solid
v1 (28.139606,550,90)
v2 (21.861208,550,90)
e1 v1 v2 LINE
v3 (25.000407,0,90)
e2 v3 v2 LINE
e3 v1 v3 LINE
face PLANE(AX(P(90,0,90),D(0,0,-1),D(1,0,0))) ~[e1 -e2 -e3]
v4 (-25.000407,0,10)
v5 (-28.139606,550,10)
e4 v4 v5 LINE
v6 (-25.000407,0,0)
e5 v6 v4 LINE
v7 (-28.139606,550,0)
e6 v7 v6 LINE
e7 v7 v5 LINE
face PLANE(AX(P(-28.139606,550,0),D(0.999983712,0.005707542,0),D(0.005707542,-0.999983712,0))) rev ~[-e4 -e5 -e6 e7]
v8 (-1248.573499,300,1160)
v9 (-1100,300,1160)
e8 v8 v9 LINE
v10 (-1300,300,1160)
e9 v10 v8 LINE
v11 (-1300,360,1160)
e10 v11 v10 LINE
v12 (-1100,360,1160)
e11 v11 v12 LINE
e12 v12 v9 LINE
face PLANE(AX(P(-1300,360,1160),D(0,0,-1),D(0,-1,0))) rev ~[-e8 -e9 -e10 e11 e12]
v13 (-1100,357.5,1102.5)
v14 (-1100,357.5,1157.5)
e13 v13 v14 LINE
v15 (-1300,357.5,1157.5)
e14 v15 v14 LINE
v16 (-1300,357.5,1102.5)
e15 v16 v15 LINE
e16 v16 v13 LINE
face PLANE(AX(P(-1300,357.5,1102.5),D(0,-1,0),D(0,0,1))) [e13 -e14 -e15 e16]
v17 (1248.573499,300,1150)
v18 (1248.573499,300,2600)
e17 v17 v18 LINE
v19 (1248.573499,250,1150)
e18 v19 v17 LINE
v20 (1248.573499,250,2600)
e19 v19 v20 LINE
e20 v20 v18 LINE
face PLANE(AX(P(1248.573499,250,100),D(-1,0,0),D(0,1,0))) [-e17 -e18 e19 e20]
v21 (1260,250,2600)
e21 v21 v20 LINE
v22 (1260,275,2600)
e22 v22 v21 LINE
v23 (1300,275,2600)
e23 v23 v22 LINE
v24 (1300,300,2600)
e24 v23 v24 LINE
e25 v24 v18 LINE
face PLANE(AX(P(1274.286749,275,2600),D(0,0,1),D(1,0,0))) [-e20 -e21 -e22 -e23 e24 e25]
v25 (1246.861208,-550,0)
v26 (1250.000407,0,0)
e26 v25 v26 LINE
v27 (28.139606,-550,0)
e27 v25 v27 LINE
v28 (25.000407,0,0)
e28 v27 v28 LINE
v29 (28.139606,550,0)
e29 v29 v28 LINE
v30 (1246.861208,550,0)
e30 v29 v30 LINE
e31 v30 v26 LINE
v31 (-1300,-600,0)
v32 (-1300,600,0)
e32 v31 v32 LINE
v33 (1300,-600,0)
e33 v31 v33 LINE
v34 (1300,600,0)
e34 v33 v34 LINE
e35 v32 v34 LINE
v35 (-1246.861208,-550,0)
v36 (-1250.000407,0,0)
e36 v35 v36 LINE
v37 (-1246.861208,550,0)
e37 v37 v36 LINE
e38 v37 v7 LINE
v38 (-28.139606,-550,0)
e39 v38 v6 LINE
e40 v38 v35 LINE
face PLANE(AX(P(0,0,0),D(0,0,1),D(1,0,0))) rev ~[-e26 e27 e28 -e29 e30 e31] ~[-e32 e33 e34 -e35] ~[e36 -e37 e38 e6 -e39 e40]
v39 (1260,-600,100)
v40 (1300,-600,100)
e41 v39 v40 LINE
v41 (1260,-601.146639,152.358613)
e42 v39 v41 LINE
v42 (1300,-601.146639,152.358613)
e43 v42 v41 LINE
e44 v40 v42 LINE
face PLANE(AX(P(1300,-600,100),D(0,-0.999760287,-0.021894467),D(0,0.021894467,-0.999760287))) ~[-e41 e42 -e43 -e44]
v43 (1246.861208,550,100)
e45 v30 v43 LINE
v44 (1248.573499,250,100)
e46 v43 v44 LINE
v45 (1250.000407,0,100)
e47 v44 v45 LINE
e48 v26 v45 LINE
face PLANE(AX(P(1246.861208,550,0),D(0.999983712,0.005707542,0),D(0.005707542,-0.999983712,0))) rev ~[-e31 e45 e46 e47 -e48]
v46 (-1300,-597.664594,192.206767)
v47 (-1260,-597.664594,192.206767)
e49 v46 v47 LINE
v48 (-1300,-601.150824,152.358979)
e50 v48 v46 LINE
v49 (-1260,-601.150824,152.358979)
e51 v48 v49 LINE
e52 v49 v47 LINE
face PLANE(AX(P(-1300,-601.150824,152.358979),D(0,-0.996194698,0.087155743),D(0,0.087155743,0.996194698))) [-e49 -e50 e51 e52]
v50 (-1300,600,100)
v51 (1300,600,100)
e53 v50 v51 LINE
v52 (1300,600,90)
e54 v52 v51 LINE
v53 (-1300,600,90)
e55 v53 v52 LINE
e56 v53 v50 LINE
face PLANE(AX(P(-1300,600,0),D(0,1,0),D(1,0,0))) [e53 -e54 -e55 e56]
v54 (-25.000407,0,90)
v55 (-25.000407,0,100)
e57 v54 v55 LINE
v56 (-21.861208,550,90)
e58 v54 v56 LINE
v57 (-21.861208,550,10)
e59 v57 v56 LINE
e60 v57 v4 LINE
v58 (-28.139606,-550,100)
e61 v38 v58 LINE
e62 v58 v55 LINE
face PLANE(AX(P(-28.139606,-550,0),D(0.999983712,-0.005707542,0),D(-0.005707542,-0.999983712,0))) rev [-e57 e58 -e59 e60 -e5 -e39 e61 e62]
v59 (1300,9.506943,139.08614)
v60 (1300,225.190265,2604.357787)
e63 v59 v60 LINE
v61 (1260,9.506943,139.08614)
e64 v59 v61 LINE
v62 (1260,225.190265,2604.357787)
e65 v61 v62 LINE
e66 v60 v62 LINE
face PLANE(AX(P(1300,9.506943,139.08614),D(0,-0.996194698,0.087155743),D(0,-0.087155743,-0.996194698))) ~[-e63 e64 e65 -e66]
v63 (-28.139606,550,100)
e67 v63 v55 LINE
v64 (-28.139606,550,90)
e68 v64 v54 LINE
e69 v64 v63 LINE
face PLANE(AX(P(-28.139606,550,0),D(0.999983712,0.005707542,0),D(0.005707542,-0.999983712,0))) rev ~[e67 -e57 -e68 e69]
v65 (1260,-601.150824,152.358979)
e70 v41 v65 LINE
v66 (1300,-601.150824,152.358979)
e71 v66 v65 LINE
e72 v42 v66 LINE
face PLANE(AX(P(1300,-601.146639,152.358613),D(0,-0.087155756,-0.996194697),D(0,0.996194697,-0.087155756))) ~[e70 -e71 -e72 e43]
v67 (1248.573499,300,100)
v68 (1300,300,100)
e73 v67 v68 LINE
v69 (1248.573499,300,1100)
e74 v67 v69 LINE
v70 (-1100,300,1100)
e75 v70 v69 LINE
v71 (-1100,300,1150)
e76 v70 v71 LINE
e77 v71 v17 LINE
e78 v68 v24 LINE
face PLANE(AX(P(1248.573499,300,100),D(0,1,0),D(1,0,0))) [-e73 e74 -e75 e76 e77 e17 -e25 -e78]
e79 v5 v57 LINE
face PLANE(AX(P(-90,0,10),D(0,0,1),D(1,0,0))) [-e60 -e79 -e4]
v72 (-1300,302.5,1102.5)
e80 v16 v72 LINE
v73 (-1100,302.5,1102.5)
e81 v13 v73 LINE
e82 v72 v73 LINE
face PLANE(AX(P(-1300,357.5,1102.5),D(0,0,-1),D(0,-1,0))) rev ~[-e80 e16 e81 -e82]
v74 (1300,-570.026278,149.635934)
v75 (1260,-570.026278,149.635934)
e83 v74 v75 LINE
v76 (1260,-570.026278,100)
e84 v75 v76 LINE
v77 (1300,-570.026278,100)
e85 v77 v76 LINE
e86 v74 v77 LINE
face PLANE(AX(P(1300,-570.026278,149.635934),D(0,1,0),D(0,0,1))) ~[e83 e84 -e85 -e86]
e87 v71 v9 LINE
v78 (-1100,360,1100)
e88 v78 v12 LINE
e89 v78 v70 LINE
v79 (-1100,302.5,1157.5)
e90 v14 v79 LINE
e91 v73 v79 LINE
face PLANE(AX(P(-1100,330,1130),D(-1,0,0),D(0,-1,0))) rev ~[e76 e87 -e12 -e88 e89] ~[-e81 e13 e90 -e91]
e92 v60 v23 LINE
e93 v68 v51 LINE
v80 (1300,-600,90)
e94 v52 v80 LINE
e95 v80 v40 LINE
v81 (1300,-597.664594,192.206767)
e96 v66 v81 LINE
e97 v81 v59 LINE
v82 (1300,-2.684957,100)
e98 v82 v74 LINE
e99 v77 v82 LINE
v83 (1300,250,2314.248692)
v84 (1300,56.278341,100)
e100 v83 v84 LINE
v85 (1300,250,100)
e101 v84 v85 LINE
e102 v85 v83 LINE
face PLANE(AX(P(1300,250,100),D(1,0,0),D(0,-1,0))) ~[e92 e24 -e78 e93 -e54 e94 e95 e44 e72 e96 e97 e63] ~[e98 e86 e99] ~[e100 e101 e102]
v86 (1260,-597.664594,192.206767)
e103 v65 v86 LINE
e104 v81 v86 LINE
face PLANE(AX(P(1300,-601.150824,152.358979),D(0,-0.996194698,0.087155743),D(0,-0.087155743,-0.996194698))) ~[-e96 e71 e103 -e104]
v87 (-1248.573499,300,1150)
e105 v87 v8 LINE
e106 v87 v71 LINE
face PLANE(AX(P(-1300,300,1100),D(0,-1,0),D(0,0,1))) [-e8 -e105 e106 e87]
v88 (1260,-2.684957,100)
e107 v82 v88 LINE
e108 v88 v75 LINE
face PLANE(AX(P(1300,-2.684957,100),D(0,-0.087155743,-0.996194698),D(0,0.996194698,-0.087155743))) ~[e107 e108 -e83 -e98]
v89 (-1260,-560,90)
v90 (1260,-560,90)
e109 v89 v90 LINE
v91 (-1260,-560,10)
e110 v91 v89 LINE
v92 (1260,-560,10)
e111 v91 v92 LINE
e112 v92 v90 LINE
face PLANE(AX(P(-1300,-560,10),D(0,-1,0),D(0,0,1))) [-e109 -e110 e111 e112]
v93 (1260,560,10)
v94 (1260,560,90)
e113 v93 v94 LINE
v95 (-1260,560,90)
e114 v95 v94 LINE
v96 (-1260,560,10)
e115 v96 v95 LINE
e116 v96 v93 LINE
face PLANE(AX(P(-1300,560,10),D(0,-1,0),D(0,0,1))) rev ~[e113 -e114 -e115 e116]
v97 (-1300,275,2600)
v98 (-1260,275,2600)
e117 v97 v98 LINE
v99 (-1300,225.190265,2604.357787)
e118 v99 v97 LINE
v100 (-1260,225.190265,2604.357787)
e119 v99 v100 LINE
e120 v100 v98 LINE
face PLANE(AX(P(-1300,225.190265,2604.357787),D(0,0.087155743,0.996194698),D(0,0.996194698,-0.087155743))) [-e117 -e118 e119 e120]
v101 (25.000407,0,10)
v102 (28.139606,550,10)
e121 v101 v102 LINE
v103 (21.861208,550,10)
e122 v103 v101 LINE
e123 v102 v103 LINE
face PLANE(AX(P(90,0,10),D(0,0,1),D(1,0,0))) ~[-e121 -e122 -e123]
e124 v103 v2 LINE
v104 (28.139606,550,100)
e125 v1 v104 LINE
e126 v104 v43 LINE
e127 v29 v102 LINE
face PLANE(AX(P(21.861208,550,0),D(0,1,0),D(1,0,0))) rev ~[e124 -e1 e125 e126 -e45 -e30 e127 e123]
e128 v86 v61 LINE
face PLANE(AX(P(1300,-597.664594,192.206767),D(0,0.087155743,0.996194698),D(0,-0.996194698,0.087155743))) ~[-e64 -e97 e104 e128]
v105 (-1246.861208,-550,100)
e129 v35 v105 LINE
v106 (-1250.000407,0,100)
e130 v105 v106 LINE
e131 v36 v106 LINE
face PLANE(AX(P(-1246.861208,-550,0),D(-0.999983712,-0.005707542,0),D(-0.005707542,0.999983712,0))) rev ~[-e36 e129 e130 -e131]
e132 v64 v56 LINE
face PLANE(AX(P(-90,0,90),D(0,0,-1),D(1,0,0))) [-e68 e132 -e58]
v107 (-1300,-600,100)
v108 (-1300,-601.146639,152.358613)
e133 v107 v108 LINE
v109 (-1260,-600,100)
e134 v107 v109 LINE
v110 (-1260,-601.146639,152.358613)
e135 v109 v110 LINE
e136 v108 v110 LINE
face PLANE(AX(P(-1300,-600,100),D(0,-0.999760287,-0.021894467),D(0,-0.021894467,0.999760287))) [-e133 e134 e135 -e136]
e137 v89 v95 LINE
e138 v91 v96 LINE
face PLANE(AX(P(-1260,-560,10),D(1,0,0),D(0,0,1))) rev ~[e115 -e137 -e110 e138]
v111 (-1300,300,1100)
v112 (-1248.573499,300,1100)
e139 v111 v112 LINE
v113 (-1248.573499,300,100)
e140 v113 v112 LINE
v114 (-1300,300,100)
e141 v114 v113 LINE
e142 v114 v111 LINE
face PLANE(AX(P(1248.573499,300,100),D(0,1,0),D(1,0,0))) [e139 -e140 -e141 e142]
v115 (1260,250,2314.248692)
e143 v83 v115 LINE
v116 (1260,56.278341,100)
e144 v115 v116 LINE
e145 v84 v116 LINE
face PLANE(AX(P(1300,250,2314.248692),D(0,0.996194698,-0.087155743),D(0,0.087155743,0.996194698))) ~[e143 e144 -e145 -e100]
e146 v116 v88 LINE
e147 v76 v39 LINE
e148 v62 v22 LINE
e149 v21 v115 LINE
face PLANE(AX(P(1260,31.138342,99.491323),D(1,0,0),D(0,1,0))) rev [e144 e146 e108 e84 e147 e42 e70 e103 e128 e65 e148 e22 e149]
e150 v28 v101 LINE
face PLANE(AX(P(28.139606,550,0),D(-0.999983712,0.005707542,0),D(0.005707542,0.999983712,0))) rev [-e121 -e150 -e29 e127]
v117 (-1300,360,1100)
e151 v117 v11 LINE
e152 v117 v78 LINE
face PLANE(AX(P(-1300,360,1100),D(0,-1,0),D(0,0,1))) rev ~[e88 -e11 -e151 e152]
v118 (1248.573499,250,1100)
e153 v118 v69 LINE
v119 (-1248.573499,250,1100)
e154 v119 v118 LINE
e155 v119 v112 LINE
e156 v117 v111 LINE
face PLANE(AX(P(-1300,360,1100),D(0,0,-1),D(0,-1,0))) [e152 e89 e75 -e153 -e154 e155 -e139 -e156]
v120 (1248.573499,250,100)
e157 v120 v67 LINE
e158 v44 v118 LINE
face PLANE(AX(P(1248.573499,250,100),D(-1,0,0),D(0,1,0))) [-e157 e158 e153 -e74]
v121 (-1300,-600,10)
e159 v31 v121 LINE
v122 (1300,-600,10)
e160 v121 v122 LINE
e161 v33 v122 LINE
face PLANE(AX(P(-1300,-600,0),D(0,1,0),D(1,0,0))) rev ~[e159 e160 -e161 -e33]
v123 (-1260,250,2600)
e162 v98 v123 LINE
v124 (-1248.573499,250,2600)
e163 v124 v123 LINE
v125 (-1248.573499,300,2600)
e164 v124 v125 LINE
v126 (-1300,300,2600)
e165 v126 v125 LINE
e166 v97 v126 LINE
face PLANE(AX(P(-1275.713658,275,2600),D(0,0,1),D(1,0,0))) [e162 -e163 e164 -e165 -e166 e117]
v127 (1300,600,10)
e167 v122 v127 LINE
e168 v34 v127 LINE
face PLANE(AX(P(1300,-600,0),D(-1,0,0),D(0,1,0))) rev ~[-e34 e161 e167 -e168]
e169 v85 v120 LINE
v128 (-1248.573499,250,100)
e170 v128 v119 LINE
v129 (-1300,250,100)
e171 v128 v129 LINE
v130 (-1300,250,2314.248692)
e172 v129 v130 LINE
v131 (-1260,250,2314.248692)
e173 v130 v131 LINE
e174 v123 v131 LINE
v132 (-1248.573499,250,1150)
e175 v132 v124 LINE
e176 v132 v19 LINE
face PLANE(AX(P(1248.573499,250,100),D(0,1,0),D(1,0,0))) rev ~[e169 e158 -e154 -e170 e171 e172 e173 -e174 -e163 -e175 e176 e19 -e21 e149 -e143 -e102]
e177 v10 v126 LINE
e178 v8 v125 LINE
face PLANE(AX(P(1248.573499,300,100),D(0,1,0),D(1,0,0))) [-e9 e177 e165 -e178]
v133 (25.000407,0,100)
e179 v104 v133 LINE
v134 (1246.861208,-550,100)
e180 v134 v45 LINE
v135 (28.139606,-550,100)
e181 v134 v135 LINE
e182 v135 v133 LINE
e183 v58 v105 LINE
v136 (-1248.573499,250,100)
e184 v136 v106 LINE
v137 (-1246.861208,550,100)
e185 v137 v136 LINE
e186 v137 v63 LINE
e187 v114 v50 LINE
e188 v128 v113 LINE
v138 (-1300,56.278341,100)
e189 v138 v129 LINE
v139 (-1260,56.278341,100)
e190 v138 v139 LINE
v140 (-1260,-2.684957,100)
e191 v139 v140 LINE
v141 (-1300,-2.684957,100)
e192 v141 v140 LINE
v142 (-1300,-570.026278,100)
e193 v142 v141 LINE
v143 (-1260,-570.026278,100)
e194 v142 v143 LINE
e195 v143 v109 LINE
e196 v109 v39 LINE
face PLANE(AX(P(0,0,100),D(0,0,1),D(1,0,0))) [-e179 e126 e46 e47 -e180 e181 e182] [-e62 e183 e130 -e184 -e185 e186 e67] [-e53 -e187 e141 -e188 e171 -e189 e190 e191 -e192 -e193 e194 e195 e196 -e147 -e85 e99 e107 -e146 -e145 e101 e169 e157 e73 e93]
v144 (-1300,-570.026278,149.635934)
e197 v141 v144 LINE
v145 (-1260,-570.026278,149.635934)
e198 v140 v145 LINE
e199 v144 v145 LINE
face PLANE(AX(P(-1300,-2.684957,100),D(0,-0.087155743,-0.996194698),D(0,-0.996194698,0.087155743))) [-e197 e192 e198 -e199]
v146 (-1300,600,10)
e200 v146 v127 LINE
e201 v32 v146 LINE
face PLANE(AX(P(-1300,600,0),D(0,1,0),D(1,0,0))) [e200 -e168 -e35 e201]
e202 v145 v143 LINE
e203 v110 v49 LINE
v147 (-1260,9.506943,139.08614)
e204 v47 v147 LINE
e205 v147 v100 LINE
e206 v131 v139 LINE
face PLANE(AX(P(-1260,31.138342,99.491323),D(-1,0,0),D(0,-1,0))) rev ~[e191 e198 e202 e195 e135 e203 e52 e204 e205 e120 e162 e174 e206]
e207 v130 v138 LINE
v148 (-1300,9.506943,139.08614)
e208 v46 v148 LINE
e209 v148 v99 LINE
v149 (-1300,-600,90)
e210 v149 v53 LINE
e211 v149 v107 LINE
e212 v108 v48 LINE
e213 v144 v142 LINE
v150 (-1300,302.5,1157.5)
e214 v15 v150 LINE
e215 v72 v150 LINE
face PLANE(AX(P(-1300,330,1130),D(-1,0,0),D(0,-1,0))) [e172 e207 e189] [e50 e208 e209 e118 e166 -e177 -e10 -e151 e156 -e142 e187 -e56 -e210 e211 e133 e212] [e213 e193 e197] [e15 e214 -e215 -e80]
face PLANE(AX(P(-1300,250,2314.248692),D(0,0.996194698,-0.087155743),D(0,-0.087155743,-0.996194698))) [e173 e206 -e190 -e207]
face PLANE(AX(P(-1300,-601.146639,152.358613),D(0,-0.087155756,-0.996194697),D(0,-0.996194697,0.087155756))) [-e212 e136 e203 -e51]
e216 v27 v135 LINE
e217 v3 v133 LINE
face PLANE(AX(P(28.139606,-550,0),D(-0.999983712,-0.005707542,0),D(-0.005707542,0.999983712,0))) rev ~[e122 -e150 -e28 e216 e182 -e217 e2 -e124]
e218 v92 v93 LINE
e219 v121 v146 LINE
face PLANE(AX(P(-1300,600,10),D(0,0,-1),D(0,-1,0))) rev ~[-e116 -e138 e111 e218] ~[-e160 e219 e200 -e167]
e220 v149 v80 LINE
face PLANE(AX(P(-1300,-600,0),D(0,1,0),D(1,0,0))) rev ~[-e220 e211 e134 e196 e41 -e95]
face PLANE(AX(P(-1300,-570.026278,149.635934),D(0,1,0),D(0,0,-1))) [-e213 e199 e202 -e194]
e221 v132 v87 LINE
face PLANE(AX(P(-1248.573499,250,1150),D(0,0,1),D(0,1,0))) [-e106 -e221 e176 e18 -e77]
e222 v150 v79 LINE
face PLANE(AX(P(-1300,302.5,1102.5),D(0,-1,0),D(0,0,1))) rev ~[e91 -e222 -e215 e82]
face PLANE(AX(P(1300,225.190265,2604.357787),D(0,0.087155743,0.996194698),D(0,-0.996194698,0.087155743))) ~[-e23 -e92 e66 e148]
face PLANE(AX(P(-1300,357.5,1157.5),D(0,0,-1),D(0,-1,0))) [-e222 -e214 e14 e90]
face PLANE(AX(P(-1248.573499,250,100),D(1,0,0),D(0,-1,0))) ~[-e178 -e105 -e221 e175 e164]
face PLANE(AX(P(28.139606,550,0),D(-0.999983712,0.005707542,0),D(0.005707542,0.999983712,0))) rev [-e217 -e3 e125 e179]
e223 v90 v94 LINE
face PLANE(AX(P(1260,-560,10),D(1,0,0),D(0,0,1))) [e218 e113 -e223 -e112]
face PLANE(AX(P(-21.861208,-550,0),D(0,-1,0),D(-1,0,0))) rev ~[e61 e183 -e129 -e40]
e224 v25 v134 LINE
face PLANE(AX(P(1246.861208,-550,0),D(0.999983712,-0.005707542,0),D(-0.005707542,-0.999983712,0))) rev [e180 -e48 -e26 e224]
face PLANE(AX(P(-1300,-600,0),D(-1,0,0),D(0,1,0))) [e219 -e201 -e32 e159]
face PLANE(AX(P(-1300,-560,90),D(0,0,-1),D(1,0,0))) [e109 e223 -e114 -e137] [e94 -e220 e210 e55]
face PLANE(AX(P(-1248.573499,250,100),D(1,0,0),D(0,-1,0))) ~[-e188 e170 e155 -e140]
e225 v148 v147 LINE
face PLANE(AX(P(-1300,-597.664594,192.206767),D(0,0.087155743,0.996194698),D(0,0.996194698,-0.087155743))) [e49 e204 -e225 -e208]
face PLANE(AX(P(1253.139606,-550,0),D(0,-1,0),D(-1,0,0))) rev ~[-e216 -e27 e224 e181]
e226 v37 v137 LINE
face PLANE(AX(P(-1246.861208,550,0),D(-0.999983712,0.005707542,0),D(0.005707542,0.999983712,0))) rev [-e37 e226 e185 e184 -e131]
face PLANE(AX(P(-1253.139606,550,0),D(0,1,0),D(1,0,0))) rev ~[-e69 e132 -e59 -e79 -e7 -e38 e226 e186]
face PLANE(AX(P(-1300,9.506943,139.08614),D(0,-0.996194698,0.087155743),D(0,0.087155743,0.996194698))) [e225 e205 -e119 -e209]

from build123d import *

# Parameters (mm, degrees)
F0_W          = 2600
F0_H          = 1200
F1_DEPTH      = 100
F2_W          = 40
F2_H          = 80
F3_DEPTH      = 2600.001
F4_W          = 40
F4_H          = 80
F5_DEPTH      = 1160.001
F6_W          = 90
F6_H          = 80
F7_DEPTH      = 550
F7_DEPTH_BACK = 550
F8_W          = 48.5726841614
F8_H          = 50
F8_W_2        = 51.4265014179
F9_DEPTH      = 2500
F11_DEPTH     = 40
F13_W         = 50
F13_H         = 50
F14_DEPTH     = 2497.1469971642
F15_W         = 60
F15_H         = 60
F15_W_2       = 55
F15_H_2       = 55
F16_DEPTH     = 200


with BuildPart() as f1:
    # F0 (on Top) → F1 (new body)
    with BuildSketch(Plane.XY):
        Rectangle(F0_W, F0_H)
        Polygon((-1246.8612082282, -550), (-1253.1396061924, 550), (-28.1396061924, 550), (-21.8612082282, -550), align=None, mode=Mode.SUBTRACT)
        Polygon((21.8612082282, 550), (1246.8612082282, 550), (1253.1396061924, -550), (28.1396061924, -550), align=None, mode=Mode.SUBTRACT)
    extrude(amount=F1_DEPTH)

    # F2 (on face) → F3 (cut, through all)
    with BuildSketch(Plane(origin=(-1300, 0, 0), x_dir=(0, -1, 0), z_dir=(-1, 0, 0))):
        with Locations((-580, 50)):
            Rectangle(F2_W, F2_H)
        with Locations((580, 50)):
            Rectangle(F2_W, F2_H)
    extrude(amount=-F3_DEPTH, mode=Mode.SUBTRACT)

    # F4 (on face) → F5 (cut, through all)
    with BuildSketch(Plane.XZ.offset(560)):
        with Locations((1280, 50)):
            Rectangle(F4_W, F4_H)
        with Locations((-1280, 50)):
            Rectangle(F4_W, F4_H)
    extrude(amount=-F5_DEPTH, mode=Mode.SUBTRACT)

    # F6 (on Front) → F7 (cut, two sides)
    with BuildSketch(Plane.XZ) as f7_sk:
        with Locations((-45, 50)):
            Rectangle(F6_W, F6_H)
    extrude(amount=-F7_DEPTH, mode=Mode.SUBTRACT)
    extrude(f7_sk.sketch, amount=F7_DEPTH_BACK, mode=Mode.SUBTRACT)

    # F8 (on face) → F9 (join)
    with BuildSketch(Plane.XY.offset(100)):
        with Locations((-1275.7136579193, 275)):
            Rectangle(F8_W, F8_H)
        with Locations((1274.286749291, 275)):
            Rectangle(F8_W_2, F8_H)
    extrude(amount=F9_DEPTH)

    # F10 (on face) → F11 (join)
    with BuildSketch(Plane(origin=(-1300, 0, 0), x_dir=(0, -1, 0), z_dir=(-1, 0, 0))):
        Polygon((-56.2783411852, 100), (-56.1893342614, 98.9826462062), (-5.9983423843, 98.9826462062), (-6.0207137863, 99.238352502), (-6.087349308, 100), align=None)
        Polygon((-250, 2314.248692431), (-56.2783411852, 100), (-6.087349308, 100), (-9.5069434963, 139.0861404257), (-225.1902650954, 2604.3577871374), (-275, 2600), (-250, 2600), align=None)
        Polygon((-9.5069434963, 139.0861404257), (-6.087349308, 100), (2.684956952, 100), (570.0262784958, 149.6359339849), (601.1466387735, 152.358612714), (601.1508236042, 152.3589788393), (597.6645938943, 192.206766763), align=None)
        Polygon((601.1466387735, 152.358612714), (570.0262784958, 149.6359339849), (570.0262784958, 100), (600, 100), align=None)
    extrude(amount=-F11_DEPTH)

    # F12: F1 across plane


with BuildPart() as f1_1:
    add(f1.part)
    add(f1.part.mirror(Plane.YZ))

    # F13 (on face) → F14 (join, through all)
    with BuildSketch(Plane.YZ.offset(-1248.5734985821)):
        with Locations((275, 1125)):
            Rectangle(F13_W, F13_H)
    extrude(amount=F14_DEPTH)

    # F15 (on face) → F16 (join)
    with BuildSketch(Plane(origin=(-1300, 0, 0), x_dir=(0, -1, 0), z_dir=(-1, 0, 0))):
        with Locations((-330, 1130)):
            Rectangle(F15_W, F15_H)
        with Locations((-330, 1130)):
            Rectangle(F15_W_2, F15_H_2, mode=Mode.SUBTRACT)
    extrude(amount=-F16_DEPTH)


solid = f1_1.part
